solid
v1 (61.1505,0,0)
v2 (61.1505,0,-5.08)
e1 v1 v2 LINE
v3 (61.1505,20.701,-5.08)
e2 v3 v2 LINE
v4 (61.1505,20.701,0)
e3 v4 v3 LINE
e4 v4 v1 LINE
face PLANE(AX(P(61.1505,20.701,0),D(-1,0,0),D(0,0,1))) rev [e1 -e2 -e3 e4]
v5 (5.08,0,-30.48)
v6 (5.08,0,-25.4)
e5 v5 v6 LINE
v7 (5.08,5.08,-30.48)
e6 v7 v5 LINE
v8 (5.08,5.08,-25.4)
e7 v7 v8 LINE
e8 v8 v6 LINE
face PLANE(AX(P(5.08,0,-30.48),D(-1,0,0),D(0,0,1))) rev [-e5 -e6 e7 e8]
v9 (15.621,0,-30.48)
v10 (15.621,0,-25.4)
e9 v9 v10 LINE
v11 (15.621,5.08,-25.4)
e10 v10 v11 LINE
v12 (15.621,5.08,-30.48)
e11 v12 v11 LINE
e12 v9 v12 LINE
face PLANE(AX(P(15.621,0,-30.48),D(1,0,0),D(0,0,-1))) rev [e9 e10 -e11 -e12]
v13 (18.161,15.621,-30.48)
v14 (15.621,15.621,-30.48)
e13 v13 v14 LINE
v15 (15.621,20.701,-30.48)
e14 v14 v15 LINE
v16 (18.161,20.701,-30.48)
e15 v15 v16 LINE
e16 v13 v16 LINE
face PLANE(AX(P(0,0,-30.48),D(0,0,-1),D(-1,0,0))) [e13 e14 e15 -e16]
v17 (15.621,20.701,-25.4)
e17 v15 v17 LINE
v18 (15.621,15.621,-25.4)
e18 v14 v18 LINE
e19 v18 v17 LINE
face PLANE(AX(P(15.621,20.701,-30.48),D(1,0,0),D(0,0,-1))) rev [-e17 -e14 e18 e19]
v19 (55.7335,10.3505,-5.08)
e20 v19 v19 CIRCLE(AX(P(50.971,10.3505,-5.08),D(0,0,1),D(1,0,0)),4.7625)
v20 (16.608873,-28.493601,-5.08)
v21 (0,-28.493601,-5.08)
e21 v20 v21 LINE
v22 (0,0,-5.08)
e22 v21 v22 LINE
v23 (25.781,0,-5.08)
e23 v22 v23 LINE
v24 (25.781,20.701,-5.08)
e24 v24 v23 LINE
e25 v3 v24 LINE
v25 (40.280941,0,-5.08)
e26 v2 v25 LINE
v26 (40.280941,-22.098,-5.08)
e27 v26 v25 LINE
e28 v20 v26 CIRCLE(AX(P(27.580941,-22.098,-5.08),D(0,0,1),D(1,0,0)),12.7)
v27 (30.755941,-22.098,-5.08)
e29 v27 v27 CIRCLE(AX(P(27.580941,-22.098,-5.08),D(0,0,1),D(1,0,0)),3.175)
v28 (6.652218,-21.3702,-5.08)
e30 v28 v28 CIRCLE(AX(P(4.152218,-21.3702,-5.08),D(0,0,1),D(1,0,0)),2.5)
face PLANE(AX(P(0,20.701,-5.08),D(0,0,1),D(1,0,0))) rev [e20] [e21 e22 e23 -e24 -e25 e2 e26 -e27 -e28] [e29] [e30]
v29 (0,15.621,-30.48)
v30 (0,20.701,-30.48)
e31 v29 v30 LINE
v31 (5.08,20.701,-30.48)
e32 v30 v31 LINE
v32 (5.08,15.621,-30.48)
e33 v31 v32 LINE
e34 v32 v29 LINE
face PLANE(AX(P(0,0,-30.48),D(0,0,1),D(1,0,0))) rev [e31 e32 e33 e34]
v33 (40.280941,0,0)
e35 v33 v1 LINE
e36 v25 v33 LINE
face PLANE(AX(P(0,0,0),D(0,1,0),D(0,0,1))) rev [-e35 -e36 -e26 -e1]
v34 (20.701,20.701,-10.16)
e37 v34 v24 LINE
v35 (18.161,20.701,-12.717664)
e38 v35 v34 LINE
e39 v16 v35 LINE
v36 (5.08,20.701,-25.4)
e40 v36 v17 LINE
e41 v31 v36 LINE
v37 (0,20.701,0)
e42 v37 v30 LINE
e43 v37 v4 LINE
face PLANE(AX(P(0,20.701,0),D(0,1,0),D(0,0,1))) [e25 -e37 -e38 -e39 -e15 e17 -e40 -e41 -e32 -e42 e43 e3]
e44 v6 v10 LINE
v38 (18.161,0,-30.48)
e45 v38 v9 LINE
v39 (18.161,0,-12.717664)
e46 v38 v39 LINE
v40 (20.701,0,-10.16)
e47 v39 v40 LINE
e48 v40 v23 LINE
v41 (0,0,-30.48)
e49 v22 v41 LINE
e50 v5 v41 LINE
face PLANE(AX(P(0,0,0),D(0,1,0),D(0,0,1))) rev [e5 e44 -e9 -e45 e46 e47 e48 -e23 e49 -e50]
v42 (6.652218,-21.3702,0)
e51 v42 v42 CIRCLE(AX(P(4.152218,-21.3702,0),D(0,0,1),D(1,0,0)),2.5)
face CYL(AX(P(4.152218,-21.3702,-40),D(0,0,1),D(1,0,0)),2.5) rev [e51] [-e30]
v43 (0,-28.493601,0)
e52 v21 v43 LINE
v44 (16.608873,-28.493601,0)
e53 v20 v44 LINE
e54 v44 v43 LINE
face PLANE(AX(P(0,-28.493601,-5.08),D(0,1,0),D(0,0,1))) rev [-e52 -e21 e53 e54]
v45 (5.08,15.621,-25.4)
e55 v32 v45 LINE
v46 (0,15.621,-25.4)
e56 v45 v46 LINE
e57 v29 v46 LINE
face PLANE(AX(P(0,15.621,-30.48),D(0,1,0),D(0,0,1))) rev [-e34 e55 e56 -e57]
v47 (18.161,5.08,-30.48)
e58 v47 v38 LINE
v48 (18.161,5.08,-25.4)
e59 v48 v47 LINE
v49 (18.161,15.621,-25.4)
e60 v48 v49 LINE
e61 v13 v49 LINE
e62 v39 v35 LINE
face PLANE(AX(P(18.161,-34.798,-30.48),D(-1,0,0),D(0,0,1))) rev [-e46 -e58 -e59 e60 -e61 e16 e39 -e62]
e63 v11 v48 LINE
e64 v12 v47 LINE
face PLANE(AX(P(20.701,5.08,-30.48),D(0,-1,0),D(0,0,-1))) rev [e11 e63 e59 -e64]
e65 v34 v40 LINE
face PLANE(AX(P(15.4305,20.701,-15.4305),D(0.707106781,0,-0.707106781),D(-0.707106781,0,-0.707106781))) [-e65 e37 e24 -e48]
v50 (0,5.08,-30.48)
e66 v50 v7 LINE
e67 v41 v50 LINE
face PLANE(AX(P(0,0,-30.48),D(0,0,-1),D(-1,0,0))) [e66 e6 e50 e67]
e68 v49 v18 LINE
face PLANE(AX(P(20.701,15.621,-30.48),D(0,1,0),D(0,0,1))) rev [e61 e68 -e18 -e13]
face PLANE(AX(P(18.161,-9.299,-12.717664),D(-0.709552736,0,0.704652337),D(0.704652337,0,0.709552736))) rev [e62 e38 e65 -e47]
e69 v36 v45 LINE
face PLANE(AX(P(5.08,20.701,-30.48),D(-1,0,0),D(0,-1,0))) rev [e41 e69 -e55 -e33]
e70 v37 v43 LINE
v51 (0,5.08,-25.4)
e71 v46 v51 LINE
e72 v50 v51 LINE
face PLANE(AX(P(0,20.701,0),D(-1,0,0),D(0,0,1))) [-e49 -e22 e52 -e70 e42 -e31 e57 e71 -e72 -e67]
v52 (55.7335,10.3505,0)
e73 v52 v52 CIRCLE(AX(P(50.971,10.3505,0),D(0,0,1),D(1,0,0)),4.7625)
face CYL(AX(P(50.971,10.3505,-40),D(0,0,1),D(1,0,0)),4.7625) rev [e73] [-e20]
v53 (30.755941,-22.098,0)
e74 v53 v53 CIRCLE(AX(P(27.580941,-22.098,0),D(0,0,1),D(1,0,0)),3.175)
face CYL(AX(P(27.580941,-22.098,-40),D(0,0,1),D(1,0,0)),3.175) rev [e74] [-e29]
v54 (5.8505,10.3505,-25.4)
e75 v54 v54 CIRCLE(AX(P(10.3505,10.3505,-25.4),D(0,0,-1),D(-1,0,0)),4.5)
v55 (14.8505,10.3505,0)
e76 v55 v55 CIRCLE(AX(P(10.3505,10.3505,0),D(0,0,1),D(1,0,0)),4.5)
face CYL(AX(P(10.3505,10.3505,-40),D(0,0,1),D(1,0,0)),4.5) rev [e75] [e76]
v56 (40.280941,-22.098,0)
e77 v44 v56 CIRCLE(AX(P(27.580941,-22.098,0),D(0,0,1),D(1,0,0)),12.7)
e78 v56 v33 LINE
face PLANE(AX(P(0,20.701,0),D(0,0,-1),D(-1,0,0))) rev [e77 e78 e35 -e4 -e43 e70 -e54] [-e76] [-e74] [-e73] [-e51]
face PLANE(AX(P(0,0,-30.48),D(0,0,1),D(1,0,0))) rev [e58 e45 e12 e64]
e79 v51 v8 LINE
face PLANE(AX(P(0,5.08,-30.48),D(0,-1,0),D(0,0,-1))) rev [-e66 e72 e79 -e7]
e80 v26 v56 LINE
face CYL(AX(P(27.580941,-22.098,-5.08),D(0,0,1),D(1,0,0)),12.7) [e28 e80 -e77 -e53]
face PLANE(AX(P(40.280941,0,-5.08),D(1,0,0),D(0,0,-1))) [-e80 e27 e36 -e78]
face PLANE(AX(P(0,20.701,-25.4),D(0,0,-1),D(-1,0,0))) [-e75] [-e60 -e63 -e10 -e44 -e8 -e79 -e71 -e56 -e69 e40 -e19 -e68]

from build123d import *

# Parameters (mm, degrees)
BOSS_EXTRUDE1_DEPTH  = 20.701
SKETCH2_R            = 1
CUT_EXTRUDE1_DEPTH   = 93.545558787
SKETCH3_R            = 1
CUT_EXTRUDE2_DEPTH   = 12.7
SKETCH4_R            = 1
BOSS_EXTRUDE3_DEPTH  = 5.08
SKETCH5_W            = 5.08
SKETCH5_H            = 5.08
BOSS_EXTRUDE4_DEPTH  = 5.08
SKETCH6_W            = 5.08
SKETCH6_H            = 5.08
BOSS_EXTRUDE5_DEPTH  = 5.08
SKETCH7_W            = 2.54
SKETCH7_H            = 15
CUT_EXTRUDE3_DEPTH   = 108.238791728
SKETCH8_W            = 25.4
SKETCH8_H            = 32.87751569
CUT_EXTRUDE4_DEPTH   = 99.137252123
BOSS_EXTRUDE6_DEPTH  = 5.08
BOSS_EXTRUDE9_START  = -5.08
SKETCH12_R           = 1
BOSS_EXTRUDE9_DEPTH  = 5.08
SKETCH13_R           = 1
BOSS_EXTRUDE10_DEPTH = 24.4
CUT_EXTRUDE5_DEPTH   = 30
SKETCH11_R           = 4.5
CUT_EXTRUDE6_DEPTH   = 40
SKETCH16_R           = 3.175
SKETCH16_R_2         = 4.7625
SKETCH16_R_3         = 2.5
CUT_EXTRUDE7_DEPTH   = 40


with BuildPart() as part:
    # Sketch1 → Boss-Extrude1 (new body)
    with BuildSketch(Plane(origin=(0, 0, 0), x_dir=(1, 0, 0), z_dir=(0, 1, 0))):
        Polygon((86.5505, 0), (86.5505, 25.4), (81.4705, 25.4), (81.4705, 10.16), (76.3905, 5.08), (81.4705, 5.08), (81.4705, 0), align=None)
        Polygon((20.701, 10.16), (20.701, 25.4), (0, 25.4), (0, 0), (81.4705, 0), (81.4705, 5.08), (76.3905, 5.08), (25.781, 5.08), (20.701, 5.08), align=None)
        Polygon((20.701, 10.16), (25.781, 5.08), (20.701, 5.08), align=None)
    extrude(amount=BOSS_EXTRUDE1_DEPTH)

    # Sketch2 → Cut-Extrude1 (cut, through all)
    with BuildSketch(Plane(origin=(0, 0, -25.4), x_dir=(-1, 0, 0), z_dir=(0, 0, -1))):
        with Locations((-10.3505, 10.3505)):
            Circle(SKETCH2_R)
    extrude(amount=-CUT_EXTRUDE1_DEPTH, mode=Mode.SUBTRACT)

    # Sketch3 → Cut-Extrude2 (cut)
    with BuildSketch(Plane.XY):
        with Locations((50.970999912, 10.3505)):
            Circle(SKETCH3_R)
    extrude(amount=-CUT_EXTRUDE2_DEPTH, mode=Mode.SUBTRACT)

    # Sketch4 → Boss-Extrude3 (add)
    with BuildSketch(Plane.XY):
        with BuildLine():
            Line((40.280941282, 0), (27.580941282, 0))
            Line((27.580941282, 0), (25.4, 0))
            Line((25.4, 0), (0, 0))
            Line((0, 0), (16.608872552, -28.493600659))
            ThreePointArc((16.608872552, -28.493600659), (30.893397103, -34.358409309), (40.280941282, -22.098))
            Line((40.280941282, -22.098), (40.280941282, 0))
        make_face()
        with Locations((20.138741282, -22.098)):
            Circle(SKETCH4_R, mode=Mode.SUBTRACT)
        with BuildLine():
            ThreePointArc((26.580941282, -22.098), (26.873834501, -21.390893219), (27.580941282, -21.098))
            ThreePointArc((27.580941282, -21.098), (28.288048063, -21.390893219), (28.580941282, -22.098))
            ThreePointArc((28.580941282, -22.098), (27.580941282, -23.098), (26.580941282, -22.098))
        make_face(mode=Mode.SUBTRACT)
        with BuildLine():
            ThreePointArc((36.023141282, -22.098), (35.023141282, -23.098), (34.023141282, -22.098))
            ThreePointArc((34.023141282, -22.098), (35.023141282, -21.098), (36.023141282, -22.098))
        make_face(mode=Mode.SUBTRACT)
    extrude(amount=-BOSS_EXTRUDE3_DEPTH)

    # Sketch5 → Boss-Extrude4 (add)
    with BuildSketch(Plane(origin=(0, 0, -25.4), x_dir=(-1, 0, 0), z_dir=(0, 0, -1))):
        with Locations((-2.54, 2.54)):
            Rectangle(SKETCH5_W, SKETCH5_H)
        with Locations((-2.54, 18.161)):
            Rectangle(SKETCH5_W, SKETCH5_H)
        with Locations((-18.161, 18.161)):
            Rectangle(SKETCH5_W, SKETCH5_H)
        with Locations((-18.161, 2.54)):
            Rectangle(SKETCH5_W, SKETCH5_H)
    extrude(amount=BOSS_EXTRUDE4_DEPTH)

    # Sketch6 → Boss-Extrude5 (add)
    with BuildSketch(Plane(origin=(0, 0, -25.4), x_dir=(-1, 0, 0), z_dir=(0, 0, -1))):
        with Locations((-84.0105, 18.161)):
            Rectangle(SKETCH6_W, SKETCH6_H)
        with Locations((-84.0105, 2.54)):
            Rectangle(SKETCH6_W, SKETCH6_H)
    extrude(amount=BOSS_EXTRUDE5_DEPTH)

    # Sketch7 → Cut-Extrude3 (cut, through all)
    with BuildSketch(Plane(origin=(0, 20.701, 0), x_dir=(1, 0, 0), z_dir=(0, 1, 0))):
        with Locations((82.7405, 22.98)):
            Rectangle(SKETCH7_W, SKETCH7_H)
        with Locations((19.431, 22.98)):
            Rectangle(SKETCH7_W, SKETCH7_H)
    extrude(amount=-CUT_EXTRUDE3_DEPTH, mode=Mode.SUBTRACT)

    # Sketch8 → Cut-Extrude4 (cut, through all)
    with BuildSketch(Plane(origin=(0, 0, 0), x_dir=(-1, 0, 0), z_dir=(0, -1, 0))):
        with Locations((-73.8505, 16.438757845)):
            Rectangle(SKETCH8_W, SKETCH8_H)
    extrude(amount=-CUT_EXTRUDE4_DEPTH, mode=Mode.SUBTRACT)

    # Sketch9 → Boss-Extrude6 (add)
    with BuildSketch(Plane.XY):
        with BuildLine():
            Line((8.304436276, -28.493600659), (16.608872552, -28.493600659))
            Line((16.608872552, -28.493600659), (0, 0))
            Line((0, 0), (0, -14.24680033))
            Line((0, -14.24680033), (3.648627535, -20.506258075))
            ThreePointArc((3.648627535, -20.506258075), (4.650419602, -20.503139192), (5.152218138, -21.370200495))
            ThreePointArc((5.152218138, -21.370200495), (5.01927944, -21.868401958), (4.655808741, -22.234142914))
            Line((4.655808741, -22.234142914), (8.304436276, -28.493600659))
        make_face()
        with BuildLine():
            Line((0, -28.493600659), (8.304436276, -28.493600659))
            Line((8.304436276, -28.493600659), (4.655808741, -22.234142914))
            ThreePointArc((4.655808741, -22.234142914), (3.288275718, -21.873791098), (3.648627535, -20.506258075))
            Line((3.648627535, -20.506258075), (0, -14.24680033))
            Line((0, -14.24680033), (0, -28.493600659))
        make_face()
    extrude(amount=-BOSS_EXTRUDE6_DEPTH)

    # Sketch12 → Boss-Extrude9 (add)
    with BuildSketch(Plane(origin=(0, 0, -5.08), x_dir=(-1, 0, 0), z_dir=(0, 0, -1)).offset(BOSS_EXTRUDE9_START)):
        with Locations((-4.152218138, -21.370200495)):
            Circle(SKETCH12_R)
        with Locations((-20.138741282, -22.098)):
            Circle(SKETCH12_R)
        with Locations((-27.580941282, -22.098)):
            Circle(SKETCH12_R)
        with Locations((-35.023141282, -22.098)):
            Circle(SKETCH12_R)
        with Locations((-50.970999912, 10.3505)):
            Circle(SKETCH12_R)
    extrude(amount=BOSS_EXTRUDE9_DEPTH)

    # Sketch13 → Boss-Extrude10 (add)
    with BuildSketch(Plane(origin=(0, 0, -25.4), x_dir=(-1, 0, 0), z_dir=(0, 0, -1))):
        with Locations((-10.3505, 10.3505)):
            Circle(SKETCH13_R)
    extrude(amount=-BOSS_EXTRUDE10_DEPTH)

    # Sketch15 → Cut-Extrude5 (cut)
    with BuildSketch(Plane(origin=(0, 20.701, 0), x_dir=(1, 0, 0), z_dir=(0, 1, 0))):
        Polygon((18.161, 15.48), (18.161, 12.717664049), (20.701, 10.16), (20.701, 15.48), align=None)
    extrude(amount=-CUT_EXTRUDE5_DEPTH, mode=Mode.SUBTRACT)

    # Sketch11 → Cut-Extrude6 (cut)
    with BuildSketch(Plane.XY):
        with Locations((10.3505, 10.3505)):
            Circle(SKETCH11_R)
    extrude(amount=-CUT_EXTRUDE6_DEPTH, mode=Mode.SUBTRACT)

    # Sketch16 → Cut-Extrude7 (cut)
    with BuildSketch(Plane.XY):
        with Locations((27.580941282, -22.098)):
            Circle(SKETCH16_R)
        with Locations((50.970999912, 10.3505)):
            Circle(SKETCH16_R_2)
        with Locations((4.152218138, -21.370200495)):
            Circle(SKETCH16_R_3)
    extrude(amount=-CUT_EXTRUDE7_DEPTH, mode=Mode.SUBTRACT)


solid = part.part
